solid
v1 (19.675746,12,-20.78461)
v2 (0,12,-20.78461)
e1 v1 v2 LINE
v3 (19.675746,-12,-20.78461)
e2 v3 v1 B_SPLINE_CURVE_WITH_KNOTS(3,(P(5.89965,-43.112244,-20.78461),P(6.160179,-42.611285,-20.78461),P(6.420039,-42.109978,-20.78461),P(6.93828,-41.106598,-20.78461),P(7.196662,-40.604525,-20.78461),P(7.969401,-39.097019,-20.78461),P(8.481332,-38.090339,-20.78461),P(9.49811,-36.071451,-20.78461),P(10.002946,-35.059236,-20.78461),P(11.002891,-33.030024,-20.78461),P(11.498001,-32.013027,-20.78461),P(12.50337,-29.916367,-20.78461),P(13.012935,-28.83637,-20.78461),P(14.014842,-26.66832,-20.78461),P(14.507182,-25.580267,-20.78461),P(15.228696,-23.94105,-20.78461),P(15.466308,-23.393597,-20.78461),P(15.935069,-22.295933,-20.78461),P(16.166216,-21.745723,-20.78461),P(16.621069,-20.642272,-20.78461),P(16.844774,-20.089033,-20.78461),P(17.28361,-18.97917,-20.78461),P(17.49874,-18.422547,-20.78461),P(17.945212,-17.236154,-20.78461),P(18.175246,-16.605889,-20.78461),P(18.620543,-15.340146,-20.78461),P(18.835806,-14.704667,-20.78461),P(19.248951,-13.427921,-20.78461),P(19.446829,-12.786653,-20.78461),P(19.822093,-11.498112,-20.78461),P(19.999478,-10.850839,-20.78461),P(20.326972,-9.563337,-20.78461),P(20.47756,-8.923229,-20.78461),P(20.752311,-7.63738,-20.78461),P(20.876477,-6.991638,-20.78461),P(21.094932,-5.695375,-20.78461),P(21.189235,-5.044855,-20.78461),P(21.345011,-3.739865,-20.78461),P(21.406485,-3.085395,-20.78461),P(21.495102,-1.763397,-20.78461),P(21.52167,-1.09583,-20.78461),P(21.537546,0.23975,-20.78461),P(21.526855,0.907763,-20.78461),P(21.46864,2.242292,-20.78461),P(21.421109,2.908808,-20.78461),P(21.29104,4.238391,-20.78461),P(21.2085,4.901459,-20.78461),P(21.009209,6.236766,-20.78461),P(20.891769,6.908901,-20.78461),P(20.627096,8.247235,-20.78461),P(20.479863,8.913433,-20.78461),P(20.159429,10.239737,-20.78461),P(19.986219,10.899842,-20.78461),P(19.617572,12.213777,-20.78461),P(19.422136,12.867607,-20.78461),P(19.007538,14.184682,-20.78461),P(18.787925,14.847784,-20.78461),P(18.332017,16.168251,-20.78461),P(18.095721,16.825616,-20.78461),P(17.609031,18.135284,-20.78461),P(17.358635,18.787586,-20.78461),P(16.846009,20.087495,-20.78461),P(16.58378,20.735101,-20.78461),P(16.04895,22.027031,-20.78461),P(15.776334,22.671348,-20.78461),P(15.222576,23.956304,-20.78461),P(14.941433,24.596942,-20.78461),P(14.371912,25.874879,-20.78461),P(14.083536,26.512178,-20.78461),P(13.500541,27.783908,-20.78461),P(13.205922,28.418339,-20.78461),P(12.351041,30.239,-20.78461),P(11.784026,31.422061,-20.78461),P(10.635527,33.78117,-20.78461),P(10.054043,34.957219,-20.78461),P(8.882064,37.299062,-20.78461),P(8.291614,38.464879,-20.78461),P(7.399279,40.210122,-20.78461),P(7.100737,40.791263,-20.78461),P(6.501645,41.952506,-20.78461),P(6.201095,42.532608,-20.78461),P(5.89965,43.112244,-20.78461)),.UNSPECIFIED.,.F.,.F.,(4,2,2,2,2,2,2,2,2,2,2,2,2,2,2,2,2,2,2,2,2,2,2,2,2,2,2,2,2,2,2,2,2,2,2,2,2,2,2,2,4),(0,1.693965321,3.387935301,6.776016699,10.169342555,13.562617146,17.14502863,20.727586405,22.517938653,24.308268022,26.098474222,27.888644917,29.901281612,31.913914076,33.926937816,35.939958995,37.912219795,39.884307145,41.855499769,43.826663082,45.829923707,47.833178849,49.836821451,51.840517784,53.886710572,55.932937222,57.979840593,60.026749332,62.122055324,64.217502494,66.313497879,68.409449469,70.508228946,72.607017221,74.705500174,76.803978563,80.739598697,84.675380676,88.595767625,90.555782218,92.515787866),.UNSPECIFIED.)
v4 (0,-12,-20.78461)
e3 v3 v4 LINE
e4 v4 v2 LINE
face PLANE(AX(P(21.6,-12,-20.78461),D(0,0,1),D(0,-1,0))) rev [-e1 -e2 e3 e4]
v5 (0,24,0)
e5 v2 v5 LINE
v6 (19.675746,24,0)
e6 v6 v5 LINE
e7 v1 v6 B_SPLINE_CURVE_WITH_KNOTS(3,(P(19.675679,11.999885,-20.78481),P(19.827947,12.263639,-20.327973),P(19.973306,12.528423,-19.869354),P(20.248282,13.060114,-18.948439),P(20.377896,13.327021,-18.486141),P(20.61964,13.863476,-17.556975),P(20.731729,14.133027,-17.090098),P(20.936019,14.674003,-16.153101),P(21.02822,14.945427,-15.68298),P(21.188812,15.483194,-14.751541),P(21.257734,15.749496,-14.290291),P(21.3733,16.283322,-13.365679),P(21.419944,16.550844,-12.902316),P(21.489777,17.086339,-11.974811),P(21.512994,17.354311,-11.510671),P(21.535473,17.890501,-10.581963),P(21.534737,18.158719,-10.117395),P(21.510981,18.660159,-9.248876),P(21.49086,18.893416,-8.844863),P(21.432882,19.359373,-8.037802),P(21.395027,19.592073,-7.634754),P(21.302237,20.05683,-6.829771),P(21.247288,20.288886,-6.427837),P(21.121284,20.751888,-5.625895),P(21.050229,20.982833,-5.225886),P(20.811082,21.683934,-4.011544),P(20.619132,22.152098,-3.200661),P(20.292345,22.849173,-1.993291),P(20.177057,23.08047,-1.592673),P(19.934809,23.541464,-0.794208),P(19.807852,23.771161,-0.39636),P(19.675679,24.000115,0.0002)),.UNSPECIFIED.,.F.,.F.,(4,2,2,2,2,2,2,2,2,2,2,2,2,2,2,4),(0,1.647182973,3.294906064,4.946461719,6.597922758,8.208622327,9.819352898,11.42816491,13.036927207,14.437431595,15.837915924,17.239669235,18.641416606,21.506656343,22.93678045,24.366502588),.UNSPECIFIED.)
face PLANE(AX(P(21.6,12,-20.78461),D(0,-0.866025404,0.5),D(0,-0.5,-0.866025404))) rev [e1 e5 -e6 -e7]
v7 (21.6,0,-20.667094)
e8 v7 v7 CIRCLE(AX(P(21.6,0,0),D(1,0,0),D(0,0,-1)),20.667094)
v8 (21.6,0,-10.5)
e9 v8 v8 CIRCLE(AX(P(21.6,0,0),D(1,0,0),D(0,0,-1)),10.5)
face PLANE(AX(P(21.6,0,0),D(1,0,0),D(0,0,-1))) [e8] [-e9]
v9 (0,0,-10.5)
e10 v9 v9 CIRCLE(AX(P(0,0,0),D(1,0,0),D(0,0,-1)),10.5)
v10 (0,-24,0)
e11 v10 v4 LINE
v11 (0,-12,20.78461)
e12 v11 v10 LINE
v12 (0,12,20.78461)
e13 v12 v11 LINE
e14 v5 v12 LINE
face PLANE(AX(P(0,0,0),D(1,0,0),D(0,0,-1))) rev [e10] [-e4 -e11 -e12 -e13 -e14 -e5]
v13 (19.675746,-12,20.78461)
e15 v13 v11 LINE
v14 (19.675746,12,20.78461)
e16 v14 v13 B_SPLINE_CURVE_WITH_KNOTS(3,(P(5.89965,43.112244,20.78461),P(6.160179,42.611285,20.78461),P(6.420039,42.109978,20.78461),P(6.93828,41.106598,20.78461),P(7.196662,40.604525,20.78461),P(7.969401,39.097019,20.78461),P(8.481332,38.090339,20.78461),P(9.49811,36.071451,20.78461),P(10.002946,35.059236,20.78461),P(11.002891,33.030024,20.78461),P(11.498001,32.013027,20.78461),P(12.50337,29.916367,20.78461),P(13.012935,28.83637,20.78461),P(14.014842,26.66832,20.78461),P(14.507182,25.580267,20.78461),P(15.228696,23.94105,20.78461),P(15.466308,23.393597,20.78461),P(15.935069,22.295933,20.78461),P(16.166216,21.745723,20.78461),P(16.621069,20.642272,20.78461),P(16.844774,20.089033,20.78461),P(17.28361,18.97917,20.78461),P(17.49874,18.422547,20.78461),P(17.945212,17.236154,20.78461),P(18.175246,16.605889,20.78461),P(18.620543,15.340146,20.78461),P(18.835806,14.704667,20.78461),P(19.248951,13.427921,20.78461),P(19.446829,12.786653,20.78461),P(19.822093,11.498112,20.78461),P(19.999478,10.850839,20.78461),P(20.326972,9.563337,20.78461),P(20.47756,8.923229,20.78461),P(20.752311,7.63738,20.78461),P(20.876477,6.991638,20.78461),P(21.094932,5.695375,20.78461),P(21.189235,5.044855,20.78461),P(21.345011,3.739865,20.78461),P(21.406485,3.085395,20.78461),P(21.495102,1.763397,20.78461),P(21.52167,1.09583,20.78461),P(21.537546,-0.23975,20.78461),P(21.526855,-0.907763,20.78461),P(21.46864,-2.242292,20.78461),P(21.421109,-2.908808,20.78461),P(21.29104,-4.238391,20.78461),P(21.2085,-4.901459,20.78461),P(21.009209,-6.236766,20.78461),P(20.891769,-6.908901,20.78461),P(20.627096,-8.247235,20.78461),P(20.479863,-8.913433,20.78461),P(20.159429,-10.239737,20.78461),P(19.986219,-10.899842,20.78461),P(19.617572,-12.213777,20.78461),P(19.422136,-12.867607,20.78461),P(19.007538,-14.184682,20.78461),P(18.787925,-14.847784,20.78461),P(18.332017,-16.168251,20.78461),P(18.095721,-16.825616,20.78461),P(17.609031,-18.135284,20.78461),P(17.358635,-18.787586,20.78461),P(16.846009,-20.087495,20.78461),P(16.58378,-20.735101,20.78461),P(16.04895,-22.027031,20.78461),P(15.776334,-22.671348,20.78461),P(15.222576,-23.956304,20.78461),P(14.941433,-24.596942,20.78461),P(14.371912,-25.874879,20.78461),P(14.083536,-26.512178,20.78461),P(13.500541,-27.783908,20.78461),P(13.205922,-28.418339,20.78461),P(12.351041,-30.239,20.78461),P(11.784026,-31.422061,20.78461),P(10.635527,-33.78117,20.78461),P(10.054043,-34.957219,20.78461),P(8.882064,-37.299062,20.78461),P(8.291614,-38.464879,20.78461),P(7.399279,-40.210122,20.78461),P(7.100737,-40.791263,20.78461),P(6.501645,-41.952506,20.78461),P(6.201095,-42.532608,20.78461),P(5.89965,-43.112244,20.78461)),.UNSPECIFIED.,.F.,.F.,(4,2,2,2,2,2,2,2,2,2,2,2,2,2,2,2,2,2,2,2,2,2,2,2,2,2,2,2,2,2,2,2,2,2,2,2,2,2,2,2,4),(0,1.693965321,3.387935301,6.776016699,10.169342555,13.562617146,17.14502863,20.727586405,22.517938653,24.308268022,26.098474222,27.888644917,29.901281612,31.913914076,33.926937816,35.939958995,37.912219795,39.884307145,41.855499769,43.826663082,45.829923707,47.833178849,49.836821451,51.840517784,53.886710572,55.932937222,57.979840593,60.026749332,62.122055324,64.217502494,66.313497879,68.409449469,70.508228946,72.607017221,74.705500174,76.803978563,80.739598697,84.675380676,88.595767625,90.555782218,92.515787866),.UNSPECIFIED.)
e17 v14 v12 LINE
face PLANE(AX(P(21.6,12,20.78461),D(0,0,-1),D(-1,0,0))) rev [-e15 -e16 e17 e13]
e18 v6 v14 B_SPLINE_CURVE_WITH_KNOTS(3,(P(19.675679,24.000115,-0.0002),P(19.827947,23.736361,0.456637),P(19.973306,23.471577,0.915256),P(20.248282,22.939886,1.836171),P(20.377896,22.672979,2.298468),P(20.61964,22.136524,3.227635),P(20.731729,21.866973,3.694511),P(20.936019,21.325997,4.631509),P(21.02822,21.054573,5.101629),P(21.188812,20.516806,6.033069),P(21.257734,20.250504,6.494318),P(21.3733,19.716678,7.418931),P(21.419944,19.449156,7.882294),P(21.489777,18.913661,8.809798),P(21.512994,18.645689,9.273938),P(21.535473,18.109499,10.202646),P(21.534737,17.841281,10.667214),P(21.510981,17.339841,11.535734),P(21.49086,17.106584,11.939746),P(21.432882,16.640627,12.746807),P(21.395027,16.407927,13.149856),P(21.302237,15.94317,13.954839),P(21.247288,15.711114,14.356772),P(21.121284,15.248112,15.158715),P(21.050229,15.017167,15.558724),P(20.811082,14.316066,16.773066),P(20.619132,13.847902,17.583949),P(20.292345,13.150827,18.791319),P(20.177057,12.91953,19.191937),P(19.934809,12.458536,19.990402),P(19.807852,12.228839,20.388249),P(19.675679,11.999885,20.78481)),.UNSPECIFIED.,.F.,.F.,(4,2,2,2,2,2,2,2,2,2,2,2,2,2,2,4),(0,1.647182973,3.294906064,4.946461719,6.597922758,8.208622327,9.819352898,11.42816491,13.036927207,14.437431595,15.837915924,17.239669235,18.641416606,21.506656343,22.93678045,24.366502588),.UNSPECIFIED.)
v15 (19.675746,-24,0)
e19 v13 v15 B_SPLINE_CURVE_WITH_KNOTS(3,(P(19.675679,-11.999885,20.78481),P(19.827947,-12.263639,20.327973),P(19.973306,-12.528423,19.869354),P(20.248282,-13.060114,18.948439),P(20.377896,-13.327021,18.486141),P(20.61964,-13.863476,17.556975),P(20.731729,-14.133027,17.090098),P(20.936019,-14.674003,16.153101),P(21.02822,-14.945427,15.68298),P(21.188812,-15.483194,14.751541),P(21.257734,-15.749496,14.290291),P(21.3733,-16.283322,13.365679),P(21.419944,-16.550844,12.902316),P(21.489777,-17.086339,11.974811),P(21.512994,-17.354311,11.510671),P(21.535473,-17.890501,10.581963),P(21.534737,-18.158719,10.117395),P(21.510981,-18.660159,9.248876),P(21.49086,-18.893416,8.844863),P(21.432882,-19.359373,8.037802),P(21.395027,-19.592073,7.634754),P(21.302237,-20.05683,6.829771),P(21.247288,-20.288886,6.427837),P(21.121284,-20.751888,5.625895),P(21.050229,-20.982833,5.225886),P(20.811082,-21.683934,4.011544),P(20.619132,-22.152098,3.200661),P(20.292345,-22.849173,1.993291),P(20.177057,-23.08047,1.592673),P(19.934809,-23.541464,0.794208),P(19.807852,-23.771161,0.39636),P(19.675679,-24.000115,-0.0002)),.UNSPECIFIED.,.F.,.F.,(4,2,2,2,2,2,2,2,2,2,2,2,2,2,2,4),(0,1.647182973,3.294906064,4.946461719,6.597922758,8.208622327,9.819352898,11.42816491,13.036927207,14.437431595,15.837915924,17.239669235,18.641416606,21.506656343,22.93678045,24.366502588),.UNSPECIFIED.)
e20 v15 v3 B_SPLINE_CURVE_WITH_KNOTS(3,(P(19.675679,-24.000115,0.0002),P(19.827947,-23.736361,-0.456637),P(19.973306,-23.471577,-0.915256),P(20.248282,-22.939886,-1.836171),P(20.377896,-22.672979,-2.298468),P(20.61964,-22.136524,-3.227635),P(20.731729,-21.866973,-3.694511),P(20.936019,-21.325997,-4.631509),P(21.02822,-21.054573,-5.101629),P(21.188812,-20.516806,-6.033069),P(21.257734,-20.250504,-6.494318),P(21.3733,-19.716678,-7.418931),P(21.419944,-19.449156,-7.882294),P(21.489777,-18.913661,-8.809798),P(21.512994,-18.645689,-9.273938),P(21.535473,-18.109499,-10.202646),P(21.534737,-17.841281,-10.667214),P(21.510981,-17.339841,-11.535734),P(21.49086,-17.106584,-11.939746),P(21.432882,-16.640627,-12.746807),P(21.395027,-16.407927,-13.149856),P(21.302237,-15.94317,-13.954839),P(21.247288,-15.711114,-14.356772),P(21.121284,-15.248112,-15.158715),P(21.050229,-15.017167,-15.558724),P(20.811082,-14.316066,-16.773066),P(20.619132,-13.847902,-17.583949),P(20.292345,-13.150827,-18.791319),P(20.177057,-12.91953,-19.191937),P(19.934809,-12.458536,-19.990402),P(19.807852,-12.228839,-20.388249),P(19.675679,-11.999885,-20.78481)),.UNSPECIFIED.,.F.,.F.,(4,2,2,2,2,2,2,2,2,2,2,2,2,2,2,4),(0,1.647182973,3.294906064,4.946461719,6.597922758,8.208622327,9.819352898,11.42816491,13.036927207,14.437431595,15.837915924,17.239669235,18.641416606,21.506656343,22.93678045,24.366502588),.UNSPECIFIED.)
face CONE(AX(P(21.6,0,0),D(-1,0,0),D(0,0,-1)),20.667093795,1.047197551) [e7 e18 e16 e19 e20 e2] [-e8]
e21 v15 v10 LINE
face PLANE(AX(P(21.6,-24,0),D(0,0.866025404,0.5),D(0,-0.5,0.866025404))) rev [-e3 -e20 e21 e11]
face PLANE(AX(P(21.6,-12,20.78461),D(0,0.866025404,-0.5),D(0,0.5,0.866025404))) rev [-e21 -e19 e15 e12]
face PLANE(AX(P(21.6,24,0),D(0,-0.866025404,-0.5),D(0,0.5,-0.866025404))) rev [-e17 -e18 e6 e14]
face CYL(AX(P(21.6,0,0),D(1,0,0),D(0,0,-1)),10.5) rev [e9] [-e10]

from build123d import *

# Parameters (mm, degrees)
BOSS_EXTRUDE1_DEPTH = 21.6
SKETCH2_OUTSIDE_W   = 131.808
SKETCH2_OUTSIDE_H   = 138.238
SKETCH2_OUTSIDE_R   = 20.667093795
CUT_EXTRUDE2_DEPTH  = 21.6
CUT_EXTRUDE2_DRAFT  = -60
M24_TAPPED_HOLE1_D  = 21


with BuildPart() as part:
    # Sketch1 → Boss-Extrude1 (new body)
    with BuildSketch(Plane(origin=(0, 0, 0), x_dir=(0, 0, -1), z_dir=(1, 0, 0))):
        Polygon((0, -24), (20.784609691, -12), (20.784609691, 12), (0, 24), (-20.784609691, 12), (-20.784609691, -12), align=None)
    extrude(amount=BOSS_EXTRUDE1_DEPTH)


with BuildPart() as cut_extrude2_tool:
    # Sketch2 outside → Cut-Extrude2 (with draft: the straight prism first)
    with BuildSketch(Plane(origin=(21.6, 0, 0), x_dir=(0, 0, -1), z_dir=(1, 0, 0))):
        Rectangle(SKETCH2_OUTSIDE_W, SKETCH2_OUTSIDE_H)
        Circle(SKETCH2_OUTSIDE_R, mode=Mode.SUBTRACT)
    extrude(amount=-CUT_EXTRUDE2_DEPTH)
    # Cut-Extrude2: the draft: its side faces are tilted about the plane it starts from
    cut_extrude2_sides = [cut_extrude2_tool.faces().sort_by_distance(p)[0] for p in [
        (10.8, -69.119, 0),
        (10.8, 0, -65.904),
        (10.8, 69.119, 0),
        (10.8, 0, 65.904),
        (10.8, 0, 20.667093795),
    ]]
    draft(cut_extrude2_sides, Plane(origin=(21.6, 0, 0), x_dir=(0, 0, -1), z_dir=(1, 0, 0)), CUT_EXTRUDE2_DRAFT)


with BuildPart() as part_1:
    add(part.part)

    # Cut-Extrude2: cut by cut_extrude2_tool
    add(cut_extrude2_tool.part, mode=Mode.SUBTRACT)

    # M24 Tapped Hole1 (through all)
    with Locations(Plane(origin=(21.6, 0, 0), x_dir=(0, 0, -1), z_dir=(1, 0, 0))):
        with Locations((0, 0)):
            Hole(M24_TAPPED_HOLE1_D / 2)


solid = part_1.part
